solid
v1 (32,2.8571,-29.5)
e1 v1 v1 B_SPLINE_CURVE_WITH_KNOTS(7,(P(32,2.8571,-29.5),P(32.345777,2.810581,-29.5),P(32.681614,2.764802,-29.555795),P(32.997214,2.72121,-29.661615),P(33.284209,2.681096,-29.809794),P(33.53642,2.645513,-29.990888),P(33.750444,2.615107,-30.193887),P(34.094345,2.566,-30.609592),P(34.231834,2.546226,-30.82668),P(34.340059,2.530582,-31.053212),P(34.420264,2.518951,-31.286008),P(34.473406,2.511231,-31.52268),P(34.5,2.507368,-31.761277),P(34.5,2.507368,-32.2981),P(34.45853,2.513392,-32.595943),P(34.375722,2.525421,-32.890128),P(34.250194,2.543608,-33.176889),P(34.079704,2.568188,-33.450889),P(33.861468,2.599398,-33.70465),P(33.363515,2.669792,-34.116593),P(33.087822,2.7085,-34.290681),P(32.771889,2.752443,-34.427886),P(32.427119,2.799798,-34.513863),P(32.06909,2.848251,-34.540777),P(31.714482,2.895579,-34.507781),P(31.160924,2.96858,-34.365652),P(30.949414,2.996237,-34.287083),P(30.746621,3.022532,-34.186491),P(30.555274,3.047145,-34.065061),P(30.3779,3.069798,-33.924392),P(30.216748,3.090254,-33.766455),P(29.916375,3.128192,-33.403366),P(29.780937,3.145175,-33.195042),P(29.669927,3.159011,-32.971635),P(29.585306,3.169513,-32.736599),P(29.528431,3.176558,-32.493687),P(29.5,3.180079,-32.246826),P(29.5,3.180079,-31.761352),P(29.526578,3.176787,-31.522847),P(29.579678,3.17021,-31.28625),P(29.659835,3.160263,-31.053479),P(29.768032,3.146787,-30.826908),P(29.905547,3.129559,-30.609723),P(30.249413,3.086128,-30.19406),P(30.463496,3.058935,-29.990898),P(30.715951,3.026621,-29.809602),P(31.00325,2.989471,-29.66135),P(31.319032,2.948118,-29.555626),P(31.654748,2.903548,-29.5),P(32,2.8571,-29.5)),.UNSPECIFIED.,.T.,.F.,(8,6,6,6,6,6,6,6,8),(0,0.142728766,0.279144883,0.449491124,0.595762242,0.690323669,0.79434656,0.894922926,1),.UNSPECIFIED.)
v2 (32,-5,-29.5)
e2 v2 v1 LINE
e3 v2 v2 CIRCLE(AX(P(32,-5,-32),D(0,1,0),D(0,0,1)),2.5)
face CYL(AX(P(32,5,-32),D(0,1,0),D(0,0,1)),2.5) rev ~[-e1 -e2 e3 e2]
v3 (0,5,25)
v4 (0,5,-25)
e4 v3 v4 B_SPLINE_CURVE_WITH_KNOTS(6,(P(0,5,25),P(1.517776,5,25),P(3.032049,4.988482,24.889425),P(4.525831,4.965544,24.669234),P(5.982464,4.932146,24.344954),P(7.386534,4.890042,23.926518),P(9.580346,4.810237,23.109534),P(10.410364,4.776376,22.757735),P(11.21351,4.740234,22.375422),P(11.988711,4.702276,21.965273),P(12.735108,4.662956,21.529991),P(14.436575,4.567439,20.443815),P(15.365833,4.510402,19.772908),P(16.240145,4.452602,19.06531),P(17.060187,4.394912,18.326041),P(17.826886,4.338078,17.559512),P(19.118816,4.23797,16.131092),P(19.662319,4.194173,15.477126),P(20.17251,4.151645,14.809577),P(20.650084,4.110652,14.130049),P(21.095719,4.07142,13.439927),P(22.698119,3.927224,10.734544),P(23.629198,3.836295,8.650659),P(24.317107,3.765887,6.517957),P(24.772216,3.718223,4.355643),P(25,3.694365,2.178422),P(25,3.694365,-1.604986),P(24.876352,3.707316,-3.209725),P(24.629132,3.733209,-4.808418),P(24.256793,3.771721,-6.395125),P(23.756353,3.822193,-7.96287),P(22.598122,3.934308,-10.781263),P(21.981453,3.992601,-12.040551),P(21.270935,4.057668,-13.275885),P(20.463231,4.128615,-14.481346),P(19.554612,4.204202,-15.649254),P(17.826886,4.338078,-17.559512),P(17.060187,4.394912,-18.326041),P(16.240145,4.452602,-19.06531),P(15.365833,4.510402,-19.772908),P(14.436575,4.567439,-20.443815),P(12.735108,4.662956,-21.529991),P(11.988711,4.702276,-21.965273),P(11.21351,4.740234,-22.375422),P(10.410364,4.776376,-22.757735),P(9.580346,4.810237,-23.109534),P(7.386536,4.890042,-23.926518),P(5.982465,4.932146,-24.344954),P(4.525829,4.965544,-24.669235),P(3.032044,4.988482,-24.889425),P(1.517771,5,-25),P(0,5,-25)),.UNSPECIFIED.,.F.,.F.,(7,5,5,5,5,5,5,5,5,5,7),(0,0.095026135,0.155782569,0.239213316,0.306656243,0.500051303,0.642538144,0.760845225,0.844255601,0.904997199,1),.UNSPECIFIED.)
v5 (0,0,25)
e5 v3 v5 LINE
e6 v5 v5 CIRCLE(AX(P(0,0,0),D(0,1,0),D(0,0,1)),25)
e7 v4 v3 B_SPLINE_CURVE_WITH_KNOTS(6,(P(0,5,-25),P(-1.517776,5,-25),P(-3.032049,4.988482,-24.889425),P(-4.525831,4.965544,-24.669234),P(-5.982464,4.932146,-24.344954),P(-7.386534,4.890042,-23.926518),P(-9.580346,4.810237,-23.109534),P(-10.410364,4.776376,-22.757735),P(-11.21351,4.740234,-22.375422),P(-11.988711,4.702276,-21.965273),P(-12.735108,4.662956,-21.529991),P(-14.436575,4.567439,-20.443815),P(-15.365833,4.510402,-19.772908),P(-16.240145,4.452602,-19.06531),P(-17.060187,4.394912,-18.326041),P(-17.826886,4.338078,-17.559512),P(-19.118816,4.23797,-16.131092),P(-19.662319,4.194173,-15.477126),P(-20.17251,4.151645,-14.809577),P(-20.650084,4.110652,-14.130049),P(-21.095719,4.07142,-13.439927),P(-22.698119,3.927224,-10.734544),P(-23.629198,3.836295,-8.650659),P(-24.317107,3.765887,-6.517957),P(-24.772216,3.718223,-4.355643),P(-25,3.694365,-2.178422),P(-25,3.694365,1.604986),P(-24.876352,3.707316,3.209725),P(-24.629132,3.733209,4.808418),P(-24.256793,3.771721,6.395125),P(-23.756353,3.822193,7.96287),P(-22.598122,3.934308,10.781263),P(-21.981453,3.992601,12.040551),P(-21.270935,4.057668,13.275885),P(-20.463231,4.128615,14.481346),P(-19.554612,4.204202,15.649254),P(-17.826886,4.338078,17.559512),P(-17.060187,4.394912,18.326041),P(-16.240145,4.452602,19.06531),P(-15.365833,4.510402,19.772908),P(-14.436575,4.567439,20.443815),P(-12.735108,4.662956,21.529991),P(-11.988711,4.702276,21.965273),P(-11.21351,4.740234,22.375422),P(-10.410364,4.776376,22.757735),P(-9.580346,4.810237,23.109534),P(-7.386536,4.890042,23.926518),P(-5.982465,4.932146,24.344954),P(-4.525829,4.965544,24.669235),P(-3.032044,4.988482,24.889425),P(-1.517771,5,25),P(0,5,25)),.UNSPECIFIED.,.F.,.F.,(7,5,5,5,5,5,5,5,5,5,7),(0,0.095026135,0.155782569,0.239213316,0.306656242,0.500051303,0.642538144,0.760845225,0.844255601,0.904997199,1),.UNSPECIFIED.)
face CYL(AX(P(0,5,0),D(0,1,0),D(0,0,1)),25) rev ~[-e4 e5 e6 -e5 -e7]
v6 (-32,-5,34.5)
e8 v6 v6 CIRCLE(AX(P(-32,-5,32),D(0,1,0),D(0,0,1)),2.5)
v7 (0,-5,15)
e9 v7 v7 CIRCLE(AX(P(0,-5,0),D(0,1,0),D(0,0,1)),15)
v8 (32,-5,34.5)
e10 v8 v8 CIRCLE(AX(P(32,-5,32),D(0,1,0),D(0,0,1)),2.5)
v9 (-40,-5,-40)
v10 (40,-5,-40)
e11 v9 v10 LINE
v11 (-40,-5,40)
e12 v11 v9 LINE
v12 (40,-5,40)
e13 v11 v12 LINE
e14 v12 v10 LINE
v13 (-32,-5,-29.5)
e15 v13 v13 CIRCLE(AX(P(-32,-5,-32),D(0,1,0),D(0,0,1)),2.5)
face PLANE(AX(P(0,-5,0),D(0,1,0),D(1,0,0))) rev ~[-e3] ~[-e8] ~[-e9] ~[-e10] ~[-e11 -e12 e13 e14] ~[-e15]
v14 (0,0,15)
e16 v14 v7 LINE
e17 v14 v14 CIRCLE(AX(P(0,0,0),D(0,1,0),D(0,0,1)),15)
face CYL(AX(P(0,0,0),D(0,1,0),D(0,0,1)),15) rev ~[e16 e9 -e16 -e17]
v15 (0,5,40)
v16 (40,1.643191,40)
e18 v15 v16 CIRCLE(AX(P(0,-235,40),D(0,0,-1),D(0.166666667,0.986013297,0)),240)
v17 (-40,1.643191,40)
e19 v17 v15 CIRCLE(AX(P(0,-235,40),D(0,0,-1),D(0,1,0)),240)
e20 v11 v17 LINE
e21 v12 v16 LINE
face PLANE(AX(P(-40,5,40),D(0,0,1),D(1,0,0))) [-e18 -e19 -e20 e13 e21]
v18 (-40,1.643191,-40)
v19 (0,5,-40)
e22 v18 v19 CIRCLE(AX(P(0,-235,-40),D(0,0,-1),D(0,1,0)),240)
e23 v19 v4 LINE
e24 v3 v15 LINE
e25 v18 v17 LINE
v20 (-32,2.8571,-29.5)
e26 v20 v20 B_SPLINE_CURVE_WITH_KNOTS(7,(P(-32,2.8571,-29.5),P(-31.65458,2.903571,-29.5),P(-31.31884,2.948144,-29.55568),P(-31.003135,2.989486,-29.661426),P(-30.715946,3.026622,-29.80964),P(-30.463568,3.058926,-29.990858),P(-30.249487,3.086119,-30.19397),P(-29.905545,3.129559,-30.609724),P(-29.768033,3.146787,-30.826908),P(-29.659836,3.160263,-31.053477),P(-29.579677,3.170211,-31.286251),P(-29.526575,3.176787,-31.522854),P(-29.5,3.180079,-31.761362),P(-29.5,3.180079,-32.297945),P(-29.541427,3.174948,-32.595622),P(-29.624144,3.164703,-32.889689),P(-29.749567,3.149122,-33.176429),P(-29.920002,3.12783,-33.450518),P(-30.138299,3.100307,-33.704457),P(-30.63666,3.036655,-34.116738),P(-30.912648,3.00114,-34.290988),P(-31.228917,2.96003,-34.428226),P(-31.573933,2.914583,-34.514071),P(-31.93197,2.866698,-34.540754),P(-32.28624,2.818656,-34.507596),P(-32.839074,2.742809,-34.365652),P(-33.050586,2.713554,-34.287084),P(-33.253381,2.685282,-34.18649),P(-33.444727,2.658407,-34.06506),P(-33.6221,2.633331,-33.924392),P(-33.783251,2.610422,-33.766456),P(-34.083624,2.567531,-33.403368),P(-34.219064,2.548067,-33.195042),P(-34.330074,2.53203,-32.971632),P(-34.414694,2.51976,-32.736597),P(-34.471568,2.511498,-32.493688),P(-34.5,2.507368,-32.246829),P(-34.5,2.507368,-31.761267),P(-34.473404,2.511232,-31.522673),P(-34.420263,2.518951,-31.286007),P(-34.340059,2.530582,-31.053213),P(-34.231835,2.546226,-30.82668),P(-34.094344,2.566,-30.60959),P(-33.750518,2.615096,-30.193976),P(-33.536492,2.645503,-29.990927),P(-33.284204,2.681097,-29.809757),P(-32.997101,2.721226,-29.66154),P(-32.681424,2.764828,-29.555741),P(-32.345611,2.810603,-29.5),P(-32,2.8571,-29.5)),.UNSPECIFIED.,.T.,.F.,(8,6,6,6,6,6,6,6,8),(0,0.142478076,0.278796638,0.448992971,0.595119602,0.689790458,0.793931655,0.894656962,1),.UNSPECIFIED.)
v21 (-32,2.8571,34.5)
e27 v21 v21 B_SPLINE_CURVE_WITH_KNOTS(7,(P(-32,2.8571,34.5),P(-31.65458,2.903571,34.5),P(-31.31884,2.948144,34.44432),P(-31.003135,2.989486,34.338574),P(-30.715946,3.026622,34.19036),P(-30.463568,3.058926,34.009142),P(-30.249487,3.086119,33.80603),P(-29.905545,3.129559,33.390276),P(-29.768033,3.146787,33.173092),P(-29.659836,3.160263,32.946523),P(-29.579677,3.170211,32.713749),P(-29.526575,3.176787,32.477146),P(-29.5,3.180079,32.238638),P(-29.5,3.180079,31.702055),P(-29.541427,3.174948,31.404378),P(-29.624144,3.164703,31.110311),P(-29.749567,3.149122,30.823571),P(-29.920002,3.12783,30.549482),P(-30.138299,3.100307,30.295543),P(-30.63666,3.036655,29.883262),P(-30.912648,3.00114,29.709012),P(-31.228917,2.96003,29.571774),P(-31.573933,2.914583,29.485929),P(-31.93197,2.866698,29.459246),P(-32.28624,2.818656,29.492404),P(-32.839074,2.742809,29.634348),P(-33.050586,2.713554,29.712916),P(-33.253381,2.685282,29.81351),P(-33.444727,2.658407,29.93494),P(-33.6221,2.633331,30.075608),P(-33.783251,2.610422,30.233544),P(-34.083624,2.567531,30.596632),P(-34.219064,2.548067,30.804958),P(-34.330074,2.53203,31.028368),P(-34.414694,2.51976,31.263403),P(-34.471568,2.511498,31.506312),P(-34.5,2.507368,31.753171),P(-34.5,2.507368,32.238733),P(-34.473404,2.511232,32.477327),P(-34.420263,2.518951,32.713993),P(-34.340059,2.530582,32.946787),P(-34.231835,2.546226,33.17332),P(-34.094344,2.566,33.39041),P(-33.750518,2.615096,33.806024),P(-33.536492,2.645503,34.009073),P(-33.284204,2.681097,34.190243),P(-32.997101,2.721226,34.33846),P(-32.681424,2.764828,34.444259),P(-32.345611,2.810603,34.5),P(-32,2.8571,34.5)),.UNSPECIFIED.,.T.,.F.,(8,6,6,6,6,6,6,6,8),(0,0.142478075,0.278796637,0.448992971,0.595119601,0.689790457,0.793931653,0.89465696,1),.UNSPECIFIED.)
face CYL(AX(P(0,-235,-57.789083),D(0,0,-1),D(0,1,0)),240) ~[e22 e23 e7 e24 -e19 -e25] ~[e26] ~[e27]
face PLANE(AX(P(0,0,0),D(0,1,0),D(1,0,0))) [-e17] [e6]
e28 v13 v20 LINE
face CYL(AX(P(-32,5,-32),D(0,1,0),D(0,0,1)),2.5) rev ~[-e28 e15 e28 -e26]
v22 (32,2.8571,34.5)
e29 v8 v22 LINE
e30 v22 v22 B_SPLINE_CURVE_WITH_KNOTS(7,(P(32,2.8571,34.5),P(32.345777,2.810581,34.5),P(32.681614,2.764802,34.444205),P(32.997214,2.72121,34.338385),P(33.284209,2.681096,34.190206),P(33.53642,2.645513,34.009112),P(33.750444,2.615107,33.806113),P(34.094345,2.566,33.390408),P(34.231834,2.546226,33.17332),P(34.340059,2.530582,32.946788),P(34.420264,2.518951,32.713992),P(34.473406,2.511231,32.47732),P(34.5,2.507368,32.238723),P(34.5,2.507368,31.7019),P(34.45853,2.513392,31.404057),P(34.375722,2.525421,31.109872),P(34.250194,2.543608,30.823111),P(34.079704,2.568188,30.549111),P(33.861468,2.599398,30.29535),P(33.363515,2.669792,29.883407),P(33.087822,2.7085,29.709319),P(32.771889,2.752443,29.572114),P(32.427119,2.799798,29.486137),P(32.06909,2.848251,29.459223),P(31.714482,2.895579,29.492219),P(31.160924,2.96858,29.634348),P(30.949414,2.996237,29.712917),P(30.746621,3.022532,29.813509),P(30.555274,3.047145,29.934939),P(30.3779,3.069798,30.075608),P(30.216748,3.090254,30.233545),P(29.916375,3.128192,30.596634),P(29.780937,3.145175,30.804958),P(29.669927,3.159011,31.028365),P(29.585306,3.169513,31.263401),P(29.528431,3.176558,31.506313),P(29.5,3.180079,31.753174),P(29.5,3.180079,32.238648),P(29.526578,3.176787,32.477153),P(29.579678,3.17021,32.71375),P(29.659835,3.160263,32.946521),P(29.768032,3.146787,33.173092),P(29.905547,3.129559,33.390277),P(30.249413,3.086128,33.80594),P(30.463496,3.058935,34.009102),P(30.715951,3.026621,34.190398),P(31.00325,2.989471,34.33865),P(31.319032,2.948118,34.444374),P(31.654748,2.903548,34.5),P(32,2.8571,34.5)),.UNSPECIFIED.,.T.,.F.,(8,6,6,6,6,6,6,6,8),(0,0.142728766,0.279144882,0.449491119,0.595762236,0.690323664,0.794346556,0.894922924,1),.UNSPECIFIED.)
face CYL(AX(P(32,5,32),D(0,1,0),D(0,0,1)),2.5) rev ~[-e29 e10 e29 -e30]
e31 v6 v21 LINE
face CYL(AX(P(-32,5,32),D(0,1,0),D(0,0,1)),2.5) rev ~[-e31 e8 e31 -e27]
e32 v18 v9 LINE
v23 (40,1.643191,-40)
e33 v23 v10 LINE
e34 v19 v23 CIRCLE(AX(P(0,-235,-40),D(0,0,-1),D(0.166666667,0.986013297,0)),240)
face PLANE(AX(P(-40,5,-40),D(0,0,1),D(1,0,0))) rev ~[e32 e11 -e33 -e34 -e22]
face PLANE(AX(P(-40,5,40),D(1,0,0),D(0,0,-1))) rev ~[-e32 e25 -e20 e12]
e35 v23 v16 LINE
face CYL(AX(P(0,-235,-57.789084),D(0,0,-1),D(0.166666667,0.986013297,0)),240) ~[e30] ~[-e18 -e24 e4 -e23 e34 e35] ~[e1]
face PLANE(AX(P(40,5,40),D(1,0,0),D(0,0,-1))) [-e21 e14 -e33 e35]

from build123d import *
from build123d.topology import SkipClean

# Parameters (mm, degrees)
SKETCH1_3_W             = 80
SKETCH1_3_H             = 80
SKETCH1_3_R             = 2.5
SKETCH1_3_R_2           = 15
BOSS_EXTRUDE3_DEPTH     = 5
BOSS_EXTRUDE4_START     = 5
SKETCH1_W               = 80
SKETCH1_H               = 80
SKETCH1_R               = 2.5
SKETCH1_R_2             = 25
BOSS_EXTRUDE4_DEPTH     = 5
CUT_EXTRUDE2_DEPTH      = 57.789083458
CUT_EXTRUDE2_DEPTH_BACK = 57.789083458
CUT_EXTRUDE3_DEPTH      = 57.789083608
CUT_EXTRUDE3_DEPTH_BACK = 57.789083608


with BuildPart() as part:
    # Sketch1<3> → Boss-Extrude3 (new body)
    with BuildSketch(Plane(origin=(0, 0, 0), x_dir=(1, 0, 0), z_dir=(0, 1, 0))):
        Rectangle(SKETCH1_3_W, SKETCH1_3_H)
        with Locations((-32, -32)):
            Circle(SKETCH1_3_R, mode=Mode.SUBTRACT)
        with Locations((32, -32)):
            Circle(SKETCH1_3_R, mode=Mode.SUBTRACT)
        with Locations((-32, 32)):
            Circle(SKETCH1_3_R, mode=Mode.SUBTRACT)
        with Locations((32, 32)):
            Circle(SKETCH1_3_R, mode=Mode.SUBTRACT)
        Circle(SKETCH1_3_R_2, mode=Mode.SUBTRACT)
    extrude(amount=-BOSS_EXTRUDE3_DEPTH)

    # Sketch1 → Boss-Extrude4 (add)
    with BuildSketch(Plane(origin=(0, 0, 0), x_dir=(1, 0, 0), z_dir=(0, 1, 0)).offset(BOSS_EXTRUDE4_START)):
        Rectangle(SKETCH1_W, SKETCH1_H)
        with Locations((-32, -32)):
            Circle(SKETCH1_R, mode=Mode.SUBTRACT)
        with Locations((32, -32)):
            Circle(SKETCH1_R, mode=Mode.SUBTRACT)
        Circle(SKETCH1_R_2, mode=Mode.SUBTRACT)
        with Locations((-32, 32)):
            Circle(SKETCH1_R, mode=Mode.SUBTRACT)
        with Locations((32, 32)):
            Circle(SKETCH1_R, mode=Mode.SUBTRACT)
    extrude(amount=-BOSS_EXTRUDE4_DEPTH)

    # Sketch3 → Cut-Extrude2 (cut, two sides: drawn at the far end of the back side and taken through both)
    with BuildSketch(Plane.XY.offset(-CUT_EXTRUDE2_DEPTH_BACK)):
        with BuildLine():
            Line((-40, 1.643191324), (-40, 5))
            Line((-40, 5), (0, 5))
            ThreePointArc((0, 5), (-20.070302467, 4.159325469), (-40, 1.643191324))
        make_face()
    extrude(amount=CUT_EXTRUDE2_DEPTH + CUT_EXTRUDE2_DEPTH_BACK, mode=Mode.SUBTRACT)

    # Sketch3<4> → Cut-Extrude3 (cut, two sides: drawn at the far end of the back side and taken through both)
    with SkipClean():  # the faces are left unmerged after this step: merging them gives an invalid solid
        with BuildSketch(Plane.XY.offset(-CUT_EXTRUDE3_DEPTH_BACK)):
            with BuildLine():
                Line((40, 5), (40, 1.643191324))
                ThreePointArc((40, 1.643191324), (20.070302467, 4.159325469), (0, 5))
                Line((0, 5), (40, 5))
            make_face()
        extrude(amount=CUT_EXTRUDE3_DEPTH + CUT_EXTRUDE3_DEPTH_BACK, mode=Mode.SUBTRACT)


solid = part.part
